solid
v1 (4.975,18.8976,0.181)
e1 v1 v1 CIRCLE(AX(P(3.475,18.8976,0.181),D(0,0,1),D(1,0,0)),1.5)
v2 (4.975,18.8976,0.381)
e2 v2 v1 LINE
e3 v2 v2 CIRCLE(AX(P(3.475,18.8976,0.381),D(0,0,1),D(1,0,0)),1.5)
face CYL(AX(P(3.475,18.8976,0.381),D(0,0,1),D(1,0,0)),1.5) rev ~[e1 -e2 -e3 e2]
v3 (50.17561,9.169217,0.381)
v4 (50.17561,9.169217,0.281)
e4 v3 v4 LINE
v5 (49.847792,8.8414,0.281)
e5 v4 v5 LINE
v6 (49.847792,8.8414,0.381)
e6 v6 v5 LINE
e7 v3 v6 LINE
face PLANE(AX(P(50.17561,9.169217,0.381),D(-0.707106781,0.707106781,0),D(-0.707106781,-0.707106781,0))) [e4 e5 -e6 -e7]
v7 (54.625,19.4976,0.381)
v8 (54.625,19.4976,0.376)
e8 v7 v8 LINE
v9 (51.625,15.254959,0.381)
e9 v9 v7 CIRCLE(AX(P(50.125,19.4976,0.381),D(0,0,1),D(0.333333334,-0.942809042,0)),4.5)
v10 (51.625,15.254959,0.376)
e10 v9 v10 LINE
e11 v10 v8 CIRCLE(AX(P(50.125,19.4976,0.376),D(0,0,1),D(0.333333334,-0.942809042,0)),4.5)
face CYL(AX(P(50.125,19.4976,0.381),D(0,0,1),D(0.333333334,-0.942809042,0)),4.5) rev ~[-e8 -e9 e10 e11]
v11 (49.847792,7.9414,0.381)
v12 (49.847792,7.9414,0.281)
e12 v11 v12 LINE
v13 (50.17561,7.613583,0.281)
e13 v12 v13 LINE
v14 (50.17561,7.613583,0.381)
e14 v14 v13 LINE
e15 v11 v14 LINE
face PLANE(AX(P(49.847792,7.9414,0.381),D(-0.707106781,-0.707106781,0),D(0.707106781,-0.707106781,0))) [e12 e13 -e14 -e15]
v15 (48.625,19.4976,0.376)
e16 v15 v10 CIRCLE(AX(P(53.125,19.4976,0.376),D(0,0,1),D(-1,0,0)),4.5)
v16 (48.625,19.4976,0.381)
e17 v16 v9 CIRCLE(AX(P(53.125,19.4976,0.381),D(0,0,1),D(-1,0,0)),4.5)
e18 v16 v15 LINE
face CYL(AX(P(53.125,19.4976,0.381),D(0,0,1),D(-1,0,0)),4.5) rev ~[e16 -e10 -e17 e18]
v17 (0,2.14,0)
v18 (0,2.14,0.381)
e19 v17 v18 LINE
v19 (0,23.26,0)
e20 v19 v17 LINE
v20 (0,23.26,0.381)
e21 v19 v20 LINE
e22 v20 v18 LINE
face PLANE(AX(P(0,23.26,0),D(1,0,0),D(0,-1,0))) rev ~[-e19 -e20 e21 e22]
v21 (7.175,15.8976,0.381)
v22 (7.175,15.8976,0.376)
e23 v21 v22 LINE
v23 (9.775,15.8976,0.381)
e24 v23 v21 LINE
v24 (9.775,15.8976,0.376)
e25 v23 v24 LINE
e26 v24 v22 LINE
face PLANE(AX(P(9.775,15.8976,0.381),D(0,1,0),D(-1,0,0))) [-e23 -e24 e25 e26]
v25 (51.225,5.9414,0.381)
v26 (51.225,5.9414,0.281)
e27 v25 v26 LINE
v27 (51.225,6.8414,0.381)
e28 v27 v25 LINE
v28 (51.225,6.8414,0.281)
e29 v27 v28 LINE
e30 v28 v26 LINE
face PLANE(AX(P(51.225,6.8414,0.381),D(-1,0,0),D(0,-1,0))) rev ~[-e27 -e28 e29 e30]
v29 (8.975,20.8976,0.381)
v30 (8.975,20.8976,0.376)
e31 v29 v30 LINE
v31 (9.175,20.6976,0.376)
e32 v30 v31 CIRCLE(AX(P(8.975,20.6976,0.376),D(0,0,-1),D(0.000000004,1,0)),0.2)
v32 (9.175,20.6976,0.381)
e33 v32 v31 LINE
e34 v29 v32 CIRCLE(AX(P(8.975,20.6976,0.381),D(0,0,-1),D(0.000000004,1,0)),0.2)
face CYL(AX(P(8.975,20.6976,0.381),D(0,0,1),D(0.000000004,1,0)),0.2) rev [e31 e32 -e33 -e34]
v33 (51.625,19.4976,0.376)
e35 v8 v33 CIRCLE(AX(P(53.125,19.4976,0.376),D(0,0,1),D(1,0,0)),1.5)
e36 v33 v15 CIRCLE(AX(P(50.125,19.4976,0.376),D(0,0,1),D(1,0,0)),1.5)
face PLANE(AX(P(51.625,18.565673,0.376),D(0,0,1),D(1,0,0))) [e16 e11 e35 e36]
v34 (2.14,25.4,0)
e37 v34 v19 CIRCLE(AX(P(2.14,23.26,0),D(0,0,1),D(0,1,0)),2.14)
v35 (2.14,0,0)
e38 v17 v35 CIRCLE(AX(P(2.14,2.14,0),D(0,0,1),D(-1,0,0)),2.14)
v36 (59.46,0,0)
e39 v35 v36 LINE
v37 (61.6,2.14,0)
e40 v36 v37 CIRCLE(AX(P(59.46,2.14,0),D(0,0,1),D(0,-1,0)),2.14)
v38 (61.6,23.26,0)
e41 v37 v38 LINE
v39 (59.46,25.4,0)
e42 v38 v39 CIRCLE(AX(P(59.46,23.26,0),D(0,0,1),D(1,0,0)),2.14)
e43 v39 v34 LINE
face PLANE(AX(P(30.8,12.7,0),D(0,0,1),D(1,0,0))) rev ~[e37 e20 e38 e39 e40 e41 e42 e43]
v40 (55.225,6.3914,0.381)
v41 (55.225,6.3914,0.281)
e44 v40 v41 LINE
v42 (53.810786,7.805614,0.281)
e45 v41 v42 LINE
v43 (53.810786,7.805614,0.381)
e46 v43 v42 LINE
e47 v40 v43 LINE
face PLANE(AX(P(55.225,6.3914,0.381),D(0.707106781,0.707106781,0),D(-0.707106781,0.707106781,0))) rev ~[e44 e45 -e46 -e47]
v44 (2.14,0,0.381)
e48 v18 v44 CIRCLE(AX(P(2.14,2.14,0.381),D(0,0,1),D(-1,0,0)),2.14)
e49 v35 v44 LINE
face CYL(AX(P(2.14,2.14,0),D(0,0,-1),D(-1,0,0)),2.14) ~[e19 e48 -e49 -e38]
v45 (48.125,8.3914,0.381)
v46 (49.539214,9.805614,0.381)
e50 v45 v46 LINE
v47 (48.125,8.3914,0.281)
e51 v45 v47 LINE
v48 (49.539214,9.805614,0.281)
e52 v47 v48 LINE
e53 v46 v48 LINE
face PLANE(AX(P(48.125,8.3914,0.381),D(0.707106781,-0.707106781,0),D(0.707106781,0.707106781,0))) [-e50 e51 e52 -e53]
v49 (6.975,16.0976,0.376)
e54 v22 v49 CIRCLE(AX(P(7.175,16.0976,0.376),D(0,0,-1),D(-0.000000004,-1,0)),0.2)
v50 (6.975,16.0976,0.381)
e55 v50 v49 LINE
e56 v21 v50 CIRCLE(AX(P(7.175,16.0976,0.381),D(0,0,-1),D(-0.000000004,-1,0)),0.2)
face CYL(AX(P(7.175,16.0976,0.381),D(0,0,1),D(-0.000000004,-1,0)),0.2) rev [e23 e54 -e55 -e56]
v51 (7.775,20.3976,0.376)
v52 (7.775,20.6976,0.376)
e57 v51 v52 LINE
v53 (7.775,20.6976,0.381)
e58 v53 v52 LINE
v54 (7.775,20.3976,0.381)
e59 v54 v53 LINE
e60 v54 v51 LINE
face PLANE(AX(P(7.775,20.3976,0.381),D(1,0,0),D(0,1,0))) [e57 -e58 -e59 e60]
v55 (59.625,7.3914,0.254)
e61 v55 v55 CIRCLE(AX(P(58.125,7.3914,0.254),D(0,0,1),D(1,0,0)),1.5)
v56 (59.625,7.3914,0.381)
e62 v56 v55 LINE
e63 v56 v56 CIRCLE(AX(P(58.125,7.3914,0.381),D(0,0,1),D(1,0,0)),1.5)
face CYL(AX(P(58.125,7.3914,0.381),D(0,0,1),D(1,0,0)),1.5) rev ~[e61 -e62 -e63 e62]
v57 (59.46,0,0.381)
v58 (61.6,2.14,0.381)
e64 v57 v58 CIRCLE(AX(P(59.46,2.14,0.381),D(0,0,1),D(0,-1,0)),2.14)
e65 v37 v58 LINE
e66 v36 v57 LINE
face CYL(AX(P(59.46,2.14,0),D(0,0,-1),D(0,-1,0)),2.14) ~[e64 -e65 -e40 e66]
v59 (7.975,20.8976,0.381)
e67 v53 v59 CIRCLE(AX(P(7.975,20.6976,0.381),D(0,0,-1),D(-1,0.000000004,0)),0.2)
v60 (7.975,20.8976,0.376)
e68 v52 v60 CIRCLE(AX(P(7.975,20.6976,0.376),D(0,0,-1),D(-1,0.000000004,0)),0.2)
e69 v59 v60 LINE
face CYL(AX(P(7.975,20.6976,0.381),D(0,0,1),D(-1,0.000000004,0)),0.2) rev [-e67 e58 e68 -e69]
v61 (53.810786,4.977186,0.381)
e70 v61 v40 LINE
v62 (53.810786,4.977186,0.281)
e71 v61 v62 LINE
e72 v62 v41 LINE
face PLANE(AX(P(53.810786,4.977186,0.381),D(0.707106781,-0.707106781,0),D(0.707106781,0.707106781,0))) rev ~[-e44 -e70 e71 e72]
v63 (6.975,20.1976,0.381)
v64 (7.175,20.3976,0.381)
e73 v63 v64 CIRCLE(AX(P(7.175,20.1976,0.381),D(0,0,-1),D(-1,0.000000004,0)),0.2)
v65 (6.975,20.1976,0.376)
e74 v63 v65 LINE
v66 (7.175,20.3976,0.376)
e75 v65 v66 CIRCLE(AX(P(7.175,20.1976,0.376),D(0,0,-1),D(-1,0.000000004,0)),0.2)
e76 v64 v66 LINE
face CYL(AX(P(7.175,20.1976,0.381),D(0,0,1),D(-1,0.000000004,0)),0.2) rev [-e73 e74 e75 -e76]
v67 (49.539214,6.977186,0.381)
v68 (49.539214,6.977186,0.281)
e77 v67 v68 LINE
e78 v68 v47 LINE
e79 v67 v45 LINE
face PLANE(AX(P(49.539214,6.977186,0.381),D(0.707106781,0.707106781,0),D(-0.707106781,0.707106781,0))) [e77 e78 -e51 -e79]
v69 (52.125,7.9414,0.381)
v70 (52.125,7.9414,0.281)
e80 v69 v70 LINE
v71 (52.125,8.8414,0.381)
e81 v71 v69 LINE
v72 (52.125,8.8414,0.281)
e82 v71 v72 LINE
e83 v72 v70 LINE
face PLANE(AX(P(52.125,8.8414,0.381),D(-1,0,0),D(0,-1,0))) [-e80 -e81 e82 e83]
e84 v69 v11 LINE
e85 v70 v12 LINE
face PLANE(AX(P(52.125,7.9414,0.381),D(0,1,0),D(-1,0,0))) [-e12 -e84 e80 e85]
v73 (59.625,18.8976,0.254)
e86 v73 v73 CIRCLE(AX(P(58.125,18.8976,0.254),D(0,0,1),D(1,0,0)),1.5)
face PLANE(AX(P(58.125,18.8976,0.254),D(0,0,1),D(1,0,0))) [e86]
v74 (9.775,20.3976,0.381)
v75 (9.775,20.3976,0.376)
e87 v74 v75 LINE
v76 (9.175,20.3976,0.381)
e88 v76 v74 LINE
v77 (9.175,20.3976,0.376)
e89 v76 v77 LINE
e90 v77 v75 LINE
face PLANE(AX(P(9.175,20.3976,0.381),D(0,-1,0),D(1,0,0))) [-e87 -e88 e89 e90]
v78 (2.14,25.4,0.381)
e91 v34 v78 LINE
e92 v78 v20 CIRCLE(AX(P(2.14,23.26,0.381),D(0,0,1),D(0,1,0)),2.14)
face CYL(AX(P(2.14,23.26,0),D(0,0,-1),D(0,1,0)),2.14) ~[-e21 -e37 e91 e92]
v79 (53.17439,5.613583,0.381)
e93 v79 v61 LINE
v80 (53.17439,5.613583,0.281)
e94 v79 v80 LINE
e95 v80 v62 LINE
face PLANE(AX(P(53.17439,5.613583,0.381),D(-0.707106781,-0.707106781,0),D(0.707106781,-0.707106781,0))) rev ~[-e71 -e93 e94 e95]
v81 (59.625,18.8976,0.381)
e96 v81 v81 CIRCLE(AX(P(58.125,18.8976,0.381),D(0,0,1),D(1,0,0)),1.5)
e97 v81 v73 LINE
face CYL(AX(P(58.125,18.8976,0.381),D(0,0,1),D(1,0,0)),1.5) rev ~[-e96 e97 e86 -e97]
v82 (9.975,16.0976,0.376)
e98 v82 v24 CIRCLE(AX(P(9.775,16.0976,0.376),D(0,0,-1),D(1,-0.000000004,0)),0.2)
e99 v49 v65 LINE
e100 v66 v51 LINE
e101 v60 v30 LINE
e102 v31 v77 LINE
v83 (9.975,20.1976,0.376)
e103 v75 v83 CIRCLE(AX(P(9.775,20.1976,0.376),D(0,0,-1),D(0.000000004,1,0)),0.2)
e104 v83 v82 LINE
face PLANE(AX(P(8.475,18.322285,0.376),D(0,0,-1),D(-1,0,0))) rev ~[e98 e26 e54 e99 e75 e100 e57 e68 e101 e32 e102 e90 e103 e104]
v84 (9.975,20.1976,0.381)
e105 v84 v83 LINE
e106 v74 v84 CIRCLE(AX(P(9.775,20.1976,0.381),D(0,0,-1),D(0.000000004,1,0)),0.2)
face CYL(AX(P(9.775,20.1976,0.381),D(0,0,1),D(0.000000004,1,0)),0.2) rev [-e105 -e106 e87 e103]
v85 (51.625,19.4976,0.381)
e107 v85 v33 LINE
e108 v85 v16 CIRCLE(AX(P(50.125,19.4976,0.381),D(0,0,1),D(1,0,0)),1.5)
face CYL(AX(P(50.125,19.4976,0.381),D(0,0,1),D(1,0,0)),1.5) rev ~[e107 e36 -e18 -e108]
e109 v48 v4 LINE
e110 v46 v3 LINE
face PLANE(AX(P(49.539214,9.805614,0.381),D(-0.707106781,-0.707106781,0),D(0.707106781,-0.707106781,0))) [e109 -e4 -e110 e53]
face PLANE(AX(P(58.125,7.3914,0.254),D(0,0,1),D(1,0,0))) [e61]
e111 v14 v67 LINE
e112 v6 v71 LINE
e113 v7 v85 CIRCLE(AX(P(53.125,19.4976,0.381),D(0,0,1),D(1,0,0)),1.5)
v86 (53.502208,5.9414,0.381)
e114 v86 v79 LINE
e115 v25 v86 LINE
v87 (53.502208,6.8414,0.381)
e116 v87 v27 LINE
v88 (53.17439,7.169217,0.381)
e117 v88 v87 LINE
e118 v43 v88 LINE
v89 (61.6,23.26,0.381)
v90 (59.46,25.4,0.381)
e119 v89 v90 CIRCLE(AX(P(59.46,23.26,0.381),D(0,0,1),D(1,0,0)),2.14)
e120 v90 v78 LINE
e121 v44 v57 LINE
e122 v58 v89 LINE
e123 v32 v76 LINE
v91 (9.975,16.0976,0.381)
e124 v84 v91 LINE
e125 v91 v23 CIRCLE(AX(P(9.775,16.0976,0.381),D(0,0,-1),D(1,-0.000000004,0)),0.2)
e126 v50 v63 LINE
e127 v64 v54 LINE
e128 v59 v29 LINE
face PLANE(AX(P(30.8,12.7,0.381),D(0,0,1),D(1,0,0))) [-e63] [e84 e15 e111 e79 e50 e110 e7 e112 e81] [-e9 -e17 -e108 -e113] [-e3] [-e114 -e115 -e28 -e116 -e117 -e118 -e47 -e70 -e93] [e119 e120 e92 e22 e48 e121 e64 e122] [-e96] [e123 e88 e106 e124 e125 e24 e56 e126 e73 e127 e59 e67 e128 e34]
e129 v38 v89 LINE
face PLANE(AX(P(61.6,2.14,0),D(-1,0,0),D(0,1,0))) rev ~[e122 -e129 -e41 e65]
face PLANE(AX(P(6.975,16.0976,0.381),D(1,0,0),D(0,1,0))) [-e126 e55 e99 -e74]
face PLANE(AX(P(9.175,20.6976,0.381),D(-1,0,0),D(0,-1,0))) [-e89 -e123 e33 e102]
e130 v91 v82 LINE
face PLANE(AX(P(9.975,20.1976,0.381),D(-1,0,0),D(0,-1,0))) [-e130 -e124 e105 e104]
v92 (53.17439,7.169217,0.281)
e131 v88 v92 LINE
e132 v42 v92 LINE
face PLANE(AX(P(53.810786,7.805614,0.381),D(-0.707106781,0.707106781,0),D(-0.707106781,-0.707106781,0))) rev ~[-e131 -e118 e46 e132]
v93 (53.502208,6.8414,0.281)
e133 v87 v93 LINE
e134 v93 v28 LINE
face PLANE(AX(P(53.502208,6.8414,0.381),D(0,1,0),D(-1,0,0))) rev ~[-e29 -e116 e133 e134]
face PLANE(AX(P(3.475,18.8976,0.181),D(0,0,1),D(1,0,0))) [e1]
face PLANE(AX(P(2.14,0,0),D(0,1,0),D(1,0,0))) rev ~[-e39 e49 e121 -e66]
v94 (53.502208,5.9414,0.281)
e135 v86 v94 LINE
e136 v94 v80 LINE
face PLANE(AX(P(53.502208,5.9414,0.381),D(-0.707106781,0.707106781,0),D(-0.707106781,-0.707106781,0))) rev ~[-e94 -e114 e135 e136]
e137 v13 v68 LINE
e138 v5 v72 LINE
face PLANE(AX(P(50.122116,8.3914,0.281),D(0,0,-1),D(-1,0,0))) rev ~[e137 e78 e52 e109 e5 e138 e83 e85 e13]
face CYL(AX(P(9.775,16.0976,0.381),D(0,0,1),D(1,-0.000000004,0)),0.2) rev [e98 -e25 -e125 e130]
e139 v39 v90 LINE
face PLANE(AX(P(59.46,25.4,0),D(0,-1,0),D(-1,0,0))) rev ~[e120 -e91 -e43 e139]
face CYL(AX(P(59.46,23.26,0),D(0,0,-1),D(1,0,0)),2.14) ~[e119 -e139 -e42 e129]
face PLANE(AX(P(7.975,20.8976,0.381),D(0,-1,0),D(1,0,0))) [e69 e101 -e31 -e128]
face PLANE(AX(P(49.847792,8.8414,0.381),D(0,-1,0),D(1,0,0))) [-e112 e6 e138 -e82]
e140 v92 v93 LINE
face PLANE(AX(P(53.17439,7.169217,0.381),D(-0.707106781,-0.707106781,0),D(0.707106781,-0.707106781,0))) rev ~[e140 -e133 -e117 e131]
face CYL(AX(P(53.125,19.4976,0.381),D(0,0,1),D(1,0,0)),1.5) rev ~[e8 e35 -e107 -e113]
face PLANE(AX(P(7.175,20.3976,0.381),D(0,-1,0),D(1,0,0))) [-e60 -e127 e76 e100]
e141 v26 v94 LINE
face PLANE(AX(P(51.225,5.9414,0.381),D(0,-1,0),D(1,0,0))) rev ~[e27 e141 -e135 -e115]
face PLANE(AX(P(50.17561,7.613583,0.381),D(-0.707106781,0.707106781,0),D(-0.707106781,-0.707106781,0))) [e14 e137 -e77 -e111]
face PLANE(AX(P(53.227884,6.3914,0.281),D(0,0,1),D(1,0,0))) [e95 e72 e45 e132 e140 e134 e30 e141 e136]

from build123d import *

# Parameters (mm, degrees)
BOSS_EXTRUDE1_DEPTH          = 0.381
SKETCH2_R                    = 1.5
CUT_EXTRUDE1_DEPTH           = 0.127
SKETCH17_R                   = 1.5
CUT_EXTRUDE9_DEPTH           = 0.2
HEART_SYM_CUT_EXTRUDE6_DEPTH = 0.005
BATT_SYM_CUT_EXTRUDE7_DEPTH  = 0.005
COMM_SYMCUT_EXTRUDE9_DEPTH   = 0.1


with BuildPart() as part:
    # Sketch1 → Boss-Extrude1 (new body)
    with BuildSketch(Plane.XY):
        with BuildLine():
            Line((2.14, 0), (59.46, 0))
            ThreePointArc((59.46, 0), (60.973208512, 0.626791488), (61.6, 2.14))
            Line((61.6, 2.14), (61.6, 23.26))
            ThreePointArc((61.6, 23.26), (60.973208512, 24.773208512), (59.46, 25.4))
            Line((59.46, 25.4), (2.14, 25.4))
            ThreePointArc((2.14, 25.4), (0.626791488, 24.773208512), (0, 23.26))
            Line((0, 23.26), (0, 2.14))
            ThreePointArc((0, 2.14), (0.626791488, 0.626791488), (2.14, 0))
        make_face()
    extrude(amount=BOSS_EXTRUDE1_DEPTH)

    # Sketch2 → Cut-Extrude1 (cut)
    with BuildSketch(Plane.XY.offset(0.381)):
        with Locations((58.125, 18.8976)):
            Circle(SKETCH2_R)
        with Locations((58.125, 7.3914)):
            Circle(SKETCH2_R)
    extrude(amount=-CUT_EXTRUDE1_DEPTH, mode=Mode.SUBTRACT)

    # Sketch17 → Cut-Extrude9 (cut)
    with BuildSketch(Plane.XY.offset(0.381)):
        with Locations((3.475, 18.8976)):
            Circle(SKETCH17_R)
    extrude(amount=-CUT_EXTRUDE9_DEPTH, mode=Mode.SUBTRACT)

    # Sketch10 → Heart Sym Cut-Extrude6 (cut)
    with BuildSketch(Plane.XY.offset(0.381)):
        with BuildLine():
            ThreePointArc((51.625, 19.4976), (50.125, 20.9976), (48.625, 19.4976))
            ThreePointArc((48.625, 19.4976), (49.450765386, 16.899523789), (51.625, 15.254959313))
            ThreePointArc((51.625, 15.254959313), (53.799234614, 16.899523789), (54.625, 19.4976))
            ThreePointArc((54.625, 19.4976), (53.125, 20.9976), (51.625, 19.4976))
        make_face()
    extrude(amount=-HEART_SYM_CUT_EXTRUDE6_DEPTH, mode=Mode.SUBTRACT)

    # Sketch11 → Batt Sym Cut-Extrude7 (cut)
    with BuildSketch(Plane.XY.offset(0.381)):
        with BuildLine():
            Line((7.175, 20.3976), (7.775, 20.3976))
            Line((7.775, 20.3976), (7.775, 20.6976))
            ThreePointArc((7.775, 20.6976), (7.833578644, 20.839021356), (7.975, 20.8976))
            Line((7.975, 20.8976), (8.975, 20.8976))
            ThreePointArc((8.975, 20.8976), (9.116421356, 20.839021356), (9.175, 20.6976))
            Line((9.175, 20.6976), (9.175, 20.3976))
            Line((9.175, 20.3976), (9.775, 20.3976))
            ThreePointArc((9.775, 20.3976), (9.916421356, 20.339021356), (9.975, 20.1976))
            Line((9.975, 20.1976), (9.975, 16.0976))
            ThreePointArc((9.975, 16.0976), (9.916421356, 15.956178644), (9.775, 15.8976))
            Line((9.775, 15.8976), (7.175, 15.8976))
            ThreePointArc((7.175, 15.8976), (7.033578644, 15.956178644), (6.975, 16.0976))
            Line((6.975, 16.0976), (6.975, 20.1976))
            ThreePointArc((6.975, 20.1976), (7.033578644, 20.339021356), (7.175, 20.3976))
        make_face()
    extrude(amount=-BATT_SYM_CUT_EXTRUDE7_DEPTH, mode=Mode.SUBTRACT)

    # Sketch13 → Comm SymCut-Extrude9 (cut)
    with BuildSketch(Plane.XY.offset(0.381)):
        Polygon((53.810786438, 7.805613562), (53.174390335, 7.169217459), (53.502207794, 6.8414), (51.225, 6.8414), (51.225, 5.9414), (53.502207794, 5.9414), (53.174390335, 5.613582541), (53.810786438, 4.977186438), (55.225, 6.3914), align=None)
        Polygon((49.847792206, 7.9414), (50.175609665, 7.613582541), (49.539213562, 6.977186438), (48.125, 8.3914), (49.539213562, 9.805613562), (50.175609665, 9.169217459), (49.847792206, 8.8414), (52.125, 8.8414), (52.125, 7.9414), align=None)
    extrude(amount=-COMM_SYMCUT_EXTRUDE9_DEPTH, mode=Mode.SUBTRACT)


solid = part.part
